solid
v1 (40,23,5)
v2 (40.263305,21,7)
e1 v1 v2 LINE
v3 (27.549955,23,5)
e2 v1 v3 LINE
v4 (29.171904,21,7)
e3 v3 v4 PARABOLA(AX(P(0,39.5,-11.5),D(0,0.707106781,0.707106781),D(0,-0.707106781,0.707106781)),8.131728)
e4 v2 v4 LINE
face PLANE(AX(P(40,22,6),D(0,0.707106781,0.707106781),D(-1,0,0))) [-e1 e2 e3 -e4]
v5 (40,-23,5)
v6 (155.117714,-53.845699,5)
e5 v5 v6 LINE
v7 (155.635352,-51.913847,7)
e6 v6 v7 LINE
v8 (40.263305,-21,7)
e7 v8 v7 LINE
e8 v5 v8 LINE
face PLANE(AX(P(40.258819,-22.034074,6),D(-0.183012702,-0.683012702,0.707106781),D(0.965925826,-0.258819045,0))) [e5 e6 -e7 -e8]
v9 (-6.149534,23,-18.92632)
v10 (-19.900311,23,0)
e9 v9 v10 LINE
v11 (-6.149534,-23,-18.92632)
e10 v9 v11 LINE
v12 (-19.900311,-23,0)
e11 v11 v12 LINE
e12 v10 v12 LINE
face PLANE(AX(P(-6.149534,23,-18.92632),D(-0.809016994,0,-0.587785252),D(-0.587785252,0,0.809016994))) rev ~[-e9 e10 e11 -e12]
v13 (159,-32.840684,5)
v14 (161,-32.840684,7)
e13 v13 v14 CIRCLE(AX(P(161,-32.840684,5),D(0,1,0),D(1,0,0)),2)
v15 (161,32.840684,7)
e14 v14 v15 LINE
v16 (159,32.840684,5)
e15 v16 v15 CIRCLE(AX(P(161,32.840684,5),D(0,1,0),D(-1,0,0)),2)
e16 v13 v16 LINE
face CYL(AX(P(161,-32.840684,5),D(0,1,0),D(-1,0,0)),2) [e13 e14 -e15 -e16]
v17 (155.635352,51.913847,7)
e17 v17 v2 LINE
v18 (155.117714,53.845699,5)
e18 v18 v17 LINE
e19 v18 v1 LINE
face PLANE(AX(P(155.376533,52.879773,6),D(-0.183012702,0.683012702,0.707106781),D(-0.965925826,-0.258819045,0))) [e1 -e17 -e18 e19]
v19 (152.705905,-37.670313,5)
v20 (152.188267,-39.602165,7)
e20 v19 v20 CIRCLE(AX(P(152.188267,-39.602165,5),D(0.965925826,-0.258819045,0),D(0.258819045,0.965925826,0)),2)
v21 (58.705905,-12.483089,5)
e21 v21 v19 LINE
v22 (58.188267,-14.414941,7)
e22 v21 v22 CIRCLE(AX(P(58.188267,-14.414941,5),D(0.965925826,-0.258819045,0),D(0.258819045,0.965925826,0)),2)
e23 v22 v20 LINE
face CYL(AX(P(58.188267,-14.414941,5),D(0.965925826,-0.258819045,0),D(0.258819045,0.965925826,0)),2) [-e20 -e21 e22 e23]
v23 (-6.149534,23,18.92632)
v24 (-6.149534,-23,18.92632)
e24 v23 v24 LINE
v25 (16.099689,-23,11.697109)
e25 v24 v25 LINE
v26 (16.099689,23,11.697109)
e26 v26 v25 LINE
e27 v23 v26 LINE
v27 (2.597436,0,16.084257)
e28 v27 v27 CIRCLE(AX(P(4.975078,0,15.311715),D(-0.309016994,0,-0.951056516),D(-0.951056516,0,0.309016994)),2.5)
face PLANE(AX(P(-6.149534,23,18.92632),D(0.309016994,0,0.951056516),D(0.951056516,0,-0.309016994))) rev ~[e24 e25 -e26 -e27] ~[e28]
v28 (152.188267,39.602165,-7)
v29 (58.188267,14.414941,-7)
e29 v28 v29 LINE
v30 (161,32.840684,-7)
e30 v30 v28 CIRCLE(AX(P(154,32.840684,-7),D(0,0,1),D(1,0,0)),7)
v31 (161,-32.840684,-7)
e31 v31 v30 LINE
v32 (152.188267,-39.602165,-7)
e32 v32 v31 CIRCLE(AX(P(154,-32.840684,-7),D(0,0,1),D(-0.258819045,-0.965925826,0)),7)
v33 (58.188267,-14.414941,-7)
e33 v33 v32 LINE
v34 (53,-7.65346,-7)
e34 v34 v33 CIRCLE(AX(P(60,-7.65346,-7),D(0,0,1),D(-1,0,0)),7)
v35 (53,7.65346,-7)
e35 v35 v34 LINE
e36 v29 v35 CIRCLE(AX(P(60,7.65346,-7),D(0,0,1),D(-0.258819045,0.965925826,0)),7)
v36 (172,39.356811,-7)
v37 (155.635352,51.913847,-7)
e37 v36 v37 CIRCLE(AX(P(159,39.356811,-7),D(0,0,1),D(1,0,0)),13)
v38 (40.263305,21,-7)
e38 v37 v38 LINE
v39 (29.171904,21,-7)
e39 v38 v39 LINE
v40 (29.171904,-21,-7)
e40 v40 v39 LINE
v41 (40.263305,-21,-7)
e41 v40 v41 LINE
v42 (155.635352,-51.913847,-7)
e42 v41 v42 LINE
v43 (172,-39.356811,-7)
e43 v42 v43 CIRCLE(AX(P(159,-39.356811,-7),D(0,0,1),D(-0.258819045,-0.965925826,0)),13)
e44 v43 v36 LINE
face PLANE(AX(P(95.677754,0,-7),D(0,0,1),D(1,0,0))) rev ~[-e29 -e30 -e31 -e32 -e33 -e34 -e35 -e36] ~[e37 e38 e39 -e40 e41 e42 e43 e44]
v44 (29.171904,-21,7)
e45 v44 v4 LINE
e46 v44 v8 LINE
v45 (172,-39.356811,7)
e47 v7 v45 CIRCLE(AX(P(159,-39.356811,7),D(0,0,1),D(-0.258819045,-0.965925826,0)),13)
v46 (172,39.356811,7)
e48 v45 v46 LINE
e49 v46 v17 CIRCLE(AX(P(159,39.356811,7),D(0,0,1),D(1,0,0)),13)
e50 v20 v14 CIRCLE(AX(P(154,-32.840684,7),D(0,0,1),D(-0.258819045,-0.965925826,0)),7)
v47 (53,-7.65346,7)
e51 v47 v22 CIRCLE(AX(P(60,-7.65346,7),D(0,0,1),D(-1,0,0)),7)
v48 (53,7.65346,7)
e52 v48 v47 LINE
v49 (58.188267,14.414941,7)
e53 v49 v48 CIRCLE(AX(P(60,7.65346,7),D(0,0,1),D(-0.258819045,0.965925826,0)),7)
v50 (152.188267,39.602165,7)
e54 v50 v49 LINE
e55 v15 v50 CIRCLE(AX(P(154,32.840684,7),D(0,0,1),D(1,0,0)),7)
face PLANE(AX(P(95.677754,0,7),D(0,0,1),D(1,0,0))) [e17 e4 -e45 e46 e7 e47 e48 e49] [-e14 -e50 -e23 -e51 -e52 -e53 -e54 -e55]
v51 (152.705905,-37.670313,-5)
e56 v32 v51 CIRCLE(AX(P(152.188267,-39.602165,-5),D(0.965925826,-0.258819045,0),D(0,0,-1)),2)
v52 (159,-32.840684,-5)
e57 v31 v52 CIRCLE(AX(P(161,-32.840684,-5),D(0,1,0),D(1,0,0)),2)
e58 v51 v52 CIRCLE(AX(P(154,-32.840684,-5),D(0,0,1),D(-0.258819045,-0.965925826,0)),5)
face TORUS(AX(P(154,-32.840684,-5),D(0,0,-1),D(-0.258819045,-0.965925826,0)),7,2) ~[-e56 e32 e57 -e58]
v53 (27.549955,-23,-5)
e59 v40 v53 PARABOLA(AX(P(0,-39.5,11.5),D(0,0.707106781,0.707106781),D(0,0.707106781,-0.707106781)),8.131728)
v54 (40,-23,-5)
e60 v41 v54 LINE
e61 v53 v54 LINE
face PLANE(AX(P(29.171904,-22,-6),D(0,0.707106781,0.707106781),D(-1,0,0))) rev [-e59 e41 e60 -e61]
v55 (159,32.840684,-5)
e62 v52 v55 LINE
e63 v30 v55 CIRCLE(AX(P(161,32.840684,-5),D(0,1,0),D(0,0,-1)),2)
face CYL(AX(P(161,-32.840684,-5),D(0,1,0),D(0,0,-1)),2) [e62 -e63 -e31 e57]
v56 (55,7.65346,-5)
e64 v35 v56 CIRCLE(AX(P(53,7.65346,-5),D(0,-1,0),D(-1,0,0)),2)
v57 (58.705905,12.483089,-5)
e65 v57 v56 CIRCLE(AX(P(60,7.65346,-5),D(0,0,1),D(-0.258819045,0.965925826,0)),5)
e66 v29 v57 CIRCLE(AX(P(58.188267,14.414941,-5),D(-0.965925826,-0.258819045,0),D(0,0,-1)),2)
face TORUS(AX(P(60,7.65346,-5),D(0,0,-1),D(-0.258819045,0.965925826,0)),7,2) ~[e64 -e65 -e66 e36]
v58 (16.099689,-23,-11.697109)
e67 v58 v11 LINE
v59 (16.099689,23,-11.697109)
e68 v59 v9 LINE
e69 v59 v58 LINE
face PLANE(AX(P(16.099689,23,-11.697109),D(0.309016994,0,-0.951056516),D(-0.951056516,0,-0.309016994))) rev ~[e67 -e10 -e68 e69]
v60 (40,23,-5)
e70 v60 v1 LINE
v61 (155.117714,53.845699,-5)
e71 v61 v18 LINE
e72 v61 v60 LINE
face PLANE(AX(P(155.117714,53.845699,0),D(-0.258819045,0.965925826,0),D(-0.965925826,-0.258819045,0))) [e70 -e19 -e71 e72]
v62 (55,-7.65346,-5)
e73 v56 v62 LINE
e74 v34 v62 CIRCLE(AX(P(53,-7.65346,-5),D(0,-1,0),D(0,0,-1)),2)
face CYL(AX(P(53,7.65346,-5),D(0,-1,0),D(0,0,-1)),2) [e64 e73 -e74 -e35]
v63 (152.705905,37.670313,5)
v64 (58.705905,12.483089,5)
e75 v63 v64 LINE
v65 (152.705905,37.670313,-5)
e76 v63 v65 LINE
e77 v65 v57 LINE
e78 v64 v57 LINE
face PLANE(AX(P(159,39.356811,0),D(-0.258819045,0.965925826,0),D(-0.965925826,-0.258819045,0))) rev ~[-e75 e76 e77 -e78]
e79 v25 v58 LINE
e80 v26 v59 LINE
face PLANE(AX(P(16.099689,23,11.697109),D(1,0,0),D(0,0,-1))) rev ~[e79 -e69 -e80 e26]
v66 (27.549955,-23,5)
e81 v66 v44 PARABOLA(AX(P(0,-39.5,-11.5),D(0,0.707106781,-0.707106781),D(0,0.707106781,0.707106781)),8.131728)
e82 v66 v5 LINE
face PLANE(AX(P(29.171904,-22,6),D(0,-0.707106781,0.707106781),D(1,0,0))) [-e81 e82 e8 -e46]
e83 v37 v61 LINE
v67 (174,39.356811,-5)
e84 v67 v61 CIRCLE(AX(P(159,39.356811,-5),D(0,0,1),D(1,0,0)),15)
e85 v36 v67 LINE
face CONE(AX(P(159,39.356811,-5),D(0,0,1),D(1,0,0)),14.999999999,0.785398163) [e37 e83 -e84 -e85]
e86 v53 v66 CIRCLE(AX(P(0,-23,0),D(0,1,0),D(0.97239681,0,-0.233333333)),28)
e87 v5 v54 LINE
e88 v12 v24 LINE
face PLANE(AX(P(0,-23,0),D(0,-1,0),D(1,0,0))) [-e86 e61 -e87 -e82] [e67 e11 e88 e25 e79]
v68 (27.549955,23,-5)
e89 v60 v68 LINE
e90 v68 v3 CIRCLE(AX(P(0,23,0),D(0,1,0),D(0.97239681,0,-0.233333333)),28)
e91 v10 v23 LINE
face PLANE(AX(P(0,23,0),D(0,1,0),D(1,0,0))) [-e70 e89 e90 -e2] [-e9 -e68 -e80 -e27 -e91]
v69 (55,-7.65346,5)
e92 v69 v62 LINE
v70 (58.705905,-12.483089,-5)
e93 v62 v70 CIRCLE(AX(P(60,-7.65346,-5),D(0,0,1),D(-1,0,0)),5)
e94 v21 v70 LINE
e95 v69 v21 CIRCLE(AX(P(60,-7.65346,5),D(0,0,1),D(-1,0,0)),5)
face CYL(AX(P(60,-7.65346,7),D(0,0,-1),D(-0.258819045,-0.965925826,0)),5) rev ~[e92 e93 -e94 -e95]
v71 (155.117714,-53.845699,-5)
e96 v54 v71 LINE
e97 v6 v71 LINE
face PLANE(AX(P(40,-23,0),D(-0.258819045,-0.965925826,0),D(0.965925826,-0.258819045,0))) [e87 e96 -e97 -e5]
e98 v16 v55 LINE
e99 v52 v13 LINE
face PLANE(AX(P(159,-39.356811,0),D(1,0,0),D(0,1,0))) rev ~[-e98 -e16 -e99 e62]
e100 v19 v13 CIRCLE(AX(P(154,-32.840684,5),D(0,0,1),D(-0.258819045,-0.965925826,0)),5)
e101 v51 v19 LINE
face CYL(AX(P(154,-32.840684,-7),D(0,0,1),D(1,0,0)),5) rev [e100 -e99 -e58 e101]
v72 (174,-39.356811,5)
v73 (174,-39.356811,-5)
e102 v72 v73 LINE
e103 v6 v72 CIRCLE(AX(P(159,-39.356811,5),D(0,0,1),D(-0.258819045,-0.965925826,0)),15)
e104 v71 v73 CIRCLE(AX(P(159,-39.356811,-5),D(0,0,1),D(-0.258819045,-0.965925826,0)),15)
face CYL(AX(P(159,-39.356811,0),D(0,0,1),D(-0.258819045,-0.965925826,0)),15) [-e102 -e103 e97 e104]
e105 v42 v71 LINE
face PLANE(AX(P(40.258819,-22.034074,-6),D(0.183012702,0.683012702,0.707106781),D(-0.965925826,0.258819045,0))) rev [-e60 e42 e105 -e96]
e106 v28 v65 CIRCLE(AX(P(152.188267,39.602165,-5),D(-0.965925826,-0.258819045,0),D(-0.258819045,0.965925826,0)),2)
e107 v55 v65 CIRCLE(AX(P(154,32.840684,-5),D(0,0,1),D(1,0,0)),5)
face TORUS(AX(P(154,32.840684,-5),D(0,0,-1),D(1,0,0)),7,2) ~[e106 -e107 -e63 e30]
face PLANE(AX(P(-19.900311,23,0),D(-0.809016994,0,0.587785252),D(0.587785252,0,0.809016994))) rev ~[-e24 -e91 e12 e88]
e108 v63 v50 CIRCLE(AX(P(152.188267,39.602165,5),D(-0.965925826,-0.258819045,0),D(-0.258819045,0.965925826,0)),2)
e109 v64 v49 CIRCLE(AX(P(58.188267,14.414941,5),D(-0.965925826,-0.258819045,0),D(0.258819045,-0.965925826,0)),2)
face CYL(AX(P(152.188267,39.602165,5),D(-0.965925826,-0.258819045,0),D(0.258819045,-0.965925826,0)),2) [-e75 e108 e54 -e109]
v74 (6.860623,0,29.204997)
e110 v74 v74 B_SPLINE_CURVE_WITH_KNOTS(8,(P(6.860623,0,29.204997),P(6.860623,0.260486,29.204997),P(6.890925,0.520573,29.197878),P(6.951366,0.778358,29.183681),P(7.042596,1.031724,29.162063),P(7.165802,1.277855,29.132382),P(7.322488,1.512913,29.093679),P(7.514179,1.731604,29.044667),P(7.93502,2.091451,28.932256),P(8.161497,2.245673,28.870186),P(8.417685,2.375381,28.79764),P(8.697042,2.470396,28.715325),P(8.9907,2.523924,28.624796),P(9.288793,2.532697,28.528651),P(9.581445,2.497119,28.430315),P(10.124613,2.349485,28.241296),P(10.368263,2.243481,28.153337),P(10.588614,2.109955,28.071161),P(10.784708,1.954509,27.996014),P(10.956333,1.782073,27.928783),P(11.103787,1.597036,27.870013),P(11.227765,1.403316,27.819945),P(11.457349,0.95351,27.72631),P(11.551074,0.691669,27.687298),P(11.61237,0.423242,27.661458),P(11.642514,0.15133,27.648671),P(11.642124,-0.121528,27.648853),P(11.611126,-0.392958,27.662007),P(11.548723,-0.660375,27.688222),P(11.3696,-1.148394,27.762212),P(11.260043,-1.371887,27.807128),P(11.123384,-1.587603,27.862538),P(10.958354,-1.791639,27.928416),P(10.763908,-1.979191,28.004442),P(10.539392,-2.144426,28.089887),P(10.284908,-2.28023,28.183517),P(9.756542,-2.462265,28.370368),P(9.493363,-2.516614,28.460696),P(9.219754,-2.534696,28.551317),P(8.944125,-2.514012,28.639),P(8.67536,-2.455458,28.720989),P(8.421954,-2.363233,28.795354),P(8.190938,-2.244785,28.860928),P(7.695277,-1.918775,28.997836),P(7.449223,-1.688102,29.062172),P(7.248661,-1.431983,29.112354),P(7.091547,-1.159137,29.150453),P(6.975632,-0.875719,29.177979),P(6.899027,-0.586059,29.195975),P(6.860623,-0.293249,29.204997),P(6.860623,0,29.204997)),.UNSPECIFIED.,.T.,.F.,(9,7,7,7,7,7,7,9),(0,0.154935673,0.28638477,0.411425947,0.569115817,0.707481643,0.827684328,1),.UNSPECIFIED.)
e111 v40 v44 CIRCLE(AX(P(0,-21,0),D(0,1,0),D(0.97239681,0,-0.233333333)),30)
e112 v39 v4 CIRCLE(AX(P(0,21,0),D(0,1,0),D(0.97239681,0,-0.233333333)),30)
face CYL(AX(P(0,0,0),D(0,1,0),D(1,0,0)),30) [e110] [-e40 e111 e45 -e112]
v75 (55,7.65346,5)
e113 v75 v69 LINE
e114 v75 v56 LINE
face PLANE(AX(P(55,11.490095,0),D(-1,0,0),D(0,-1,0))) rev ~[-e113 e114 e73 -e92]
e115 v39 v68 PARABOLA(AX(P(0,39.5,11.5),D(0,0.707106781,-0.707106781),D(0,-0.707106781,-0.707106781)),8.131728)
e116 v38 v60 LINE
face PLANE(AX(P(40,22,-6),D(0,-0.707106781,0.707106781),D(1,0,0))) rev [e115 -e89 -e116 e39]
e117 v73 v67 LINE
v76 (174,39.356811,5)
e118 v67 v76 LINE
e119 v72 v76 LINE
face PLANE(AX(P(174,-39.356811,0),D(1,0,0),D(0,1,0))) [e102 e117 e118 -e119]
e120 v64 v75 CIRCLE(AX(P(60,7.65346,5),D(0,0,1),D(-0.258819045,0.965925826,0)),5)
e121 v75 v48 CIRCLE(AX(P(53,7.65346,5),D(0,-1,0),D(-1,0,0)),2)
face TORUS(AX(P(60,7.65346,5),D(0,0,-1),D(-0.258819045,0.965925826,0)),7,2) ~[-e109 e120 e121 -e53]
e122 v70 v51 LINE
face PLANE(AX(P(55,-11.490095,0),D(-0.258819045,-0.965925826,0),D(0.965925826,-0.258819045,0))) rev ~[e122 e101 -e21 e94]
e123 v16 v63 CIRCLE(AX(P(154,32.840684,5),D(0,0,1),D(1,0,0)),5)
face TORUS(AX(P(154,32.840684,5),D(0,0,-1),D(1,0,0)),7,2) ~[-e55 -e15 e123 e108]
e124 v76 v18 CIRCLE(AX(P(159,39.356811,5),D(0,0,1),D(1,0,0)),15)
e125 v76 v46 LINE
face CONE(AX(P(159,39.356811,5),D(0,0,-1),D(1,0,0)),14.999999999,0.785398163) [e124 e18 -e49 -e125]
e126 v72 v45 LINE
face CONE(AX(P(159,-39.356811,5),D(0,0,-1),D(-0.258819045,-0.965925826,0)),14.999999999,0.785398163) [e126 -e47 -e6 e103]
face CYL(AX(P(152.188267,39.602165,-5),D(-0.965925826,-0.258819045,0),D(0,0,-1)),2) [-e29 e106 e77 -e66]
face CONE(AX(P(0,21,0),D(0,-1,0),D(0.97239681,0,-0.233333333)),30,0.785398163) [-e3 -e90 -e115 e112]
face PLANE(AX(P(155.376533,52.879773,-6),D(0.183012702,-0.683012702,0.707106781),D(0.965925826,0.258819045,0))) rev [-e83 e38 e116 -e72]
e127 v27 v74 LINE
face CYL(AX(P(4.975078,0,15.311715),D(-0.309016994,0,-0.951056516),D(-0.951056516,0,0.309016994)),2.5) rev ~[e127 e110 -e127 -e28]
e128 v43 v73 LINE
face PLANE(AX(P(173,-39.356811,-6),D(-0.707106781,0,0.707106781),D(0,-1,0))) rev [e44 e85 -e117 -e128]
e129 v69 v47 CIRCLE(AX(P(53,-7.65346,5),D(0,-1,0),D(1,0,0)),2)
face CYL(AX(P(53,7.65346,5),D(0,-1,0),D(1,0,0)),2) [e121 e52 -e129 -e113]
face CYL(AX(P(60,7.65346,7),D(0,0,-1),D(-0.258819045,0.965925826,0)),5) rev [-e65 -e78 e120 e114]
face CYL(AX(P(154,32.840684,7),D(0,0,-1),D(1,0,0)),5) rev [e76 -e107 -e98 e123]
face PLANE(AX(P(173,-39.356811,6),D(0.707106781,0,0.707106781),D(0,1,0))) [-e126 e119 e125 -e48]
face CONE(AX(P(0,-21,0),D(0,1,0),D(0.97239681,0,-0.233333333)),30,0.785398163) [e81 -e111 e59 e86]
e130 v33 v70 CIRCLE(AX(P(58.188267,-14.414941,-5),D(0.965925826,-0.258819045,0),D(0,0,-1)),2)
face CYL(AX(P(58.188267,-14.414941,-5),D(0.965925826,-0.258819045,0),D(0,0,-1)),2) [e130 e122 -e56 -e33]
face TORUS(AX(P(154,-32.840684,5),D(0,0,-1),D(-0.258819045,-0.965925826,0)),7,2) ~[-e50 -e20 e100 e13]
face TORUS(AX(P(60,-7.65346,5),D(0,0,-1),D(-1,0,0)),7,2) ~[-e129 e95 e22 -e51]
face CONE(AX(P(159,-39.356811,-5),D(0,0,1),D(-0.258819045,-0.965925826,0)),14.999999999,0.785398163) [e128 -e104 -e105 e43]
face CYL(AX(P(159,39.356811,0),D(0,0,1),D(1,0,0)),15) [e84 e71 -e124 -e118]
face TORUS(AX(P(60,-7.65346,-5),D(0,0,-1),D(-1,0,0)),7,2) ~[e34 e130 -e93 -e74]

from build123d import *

# Parameters (mm, degrees)
BOSS_EXTRUDE2_DEPTH     = 7
SKETCH2_R               = 30
BOSS_EXTRUDE4_DEPTH     = 23
CUT_EXTRUDE1_DEPTH      = 46
CUT_EXTRUDE2_REACH      = 185.241
CUT_EXTRUDE2_END_RADIUS = 30
SKETCH4_R               = 2.5
FILLET1_R               = 5
CHAMFER1_SIZE           = 2
FILLET2_R               = 2


with BuildPart() as part:
    # Sketch1 → Boss-Extrude2 (new, symmetric)
    with BuildSketch(Plane.XY):
        with BuildLine():
            Line((174, -39.356811193), (174, 39.356811193))
            ThreePointArc((174, 39.356811193), (168.131421435, 51.257111298), (155.117714323, 53.845698587))
            Line((155.117714323, 53.845698587), (40, 23))
            Line((40, 23), (30, 23))
            Line((30, 23), (0, 23))
            Line((0, 23), (0, -23))
            Line((0, -23), (30, -23))
            Line((30, -23), (40, -23))
            Line((40, -23), (155.117714323, -53.845698587))
            ThreePointArc((155.117714323, -53.845698587), (168.131421435, -51.257111298), (174, -39.356811193))
        make_face()
        Polygon((159, -39.356811193), (159, 39.356811193), (55, 11.49009518), (55, -11.49009518), align=None, mode=Mode.SUBTRACT)
    extrude(amount=BOSS_EXTRUDE2_DEPTH, both=True)

    # Sketch2 → Boss-Extrude4 (add, symmetric)
    with BuildSketch(Plane(origin=(0, 0, 0), x_dir=(1, 0, 0), z_dir=(0, 1, 0))):
        Circle(SKETCH2_R)
    extrude(amount=BOSS_EXTRUDE4_DEPTH, both=True)

    # Sketch3 → Cut-Extrude1 (cut)
    with BuildSketch(Plane(origin=(0, 23, 0), x_dir=(1, 0, 0), z_dir=(0, 1, 0))):
        Polygon((16.099689438, 11.697109064), (-6.149534157, 18.926320036), (-19.900310562, 0), (-6.149534157, -18.926320036), (16.099689438, -11.697109064), align=None)
    extrude(amount=-CUT_EXTRUDE1_DEPTH, mode=Mode.SUBTRACT)

    # Cut-Extrude2: up to this cylinder (the profile starts inside it)
    cut_extrude2_end = Plane(origin=(0, 0, 0), z_dir=(0, -1, 0)) * Cylinder(CUT_EXTRUDE2_END_RADIUS, 431.482, mode=Mode.PRIVATE)
    # Sketch4 → Cut-Extrude2 (cut, up to the surface)
    with BuildSketch(Plane(origin=(4.975077641, 0, 15.31171455), x_dir=(-0.9510565162951536, 0, 0.30901699437494745), z_dir=(-0.3090169943749474, 0, -0.9510565162951535)), mode=Mode.PRIVATE) as cut_extrude2_sk1:
        Circle(SKETCH4_R)
    cut_extrude2_tool1 = extrude(cut_extrude2_sk1.sketch, amount=-CUT_EXTRUDE2_REACH, mode=Mode.PRIVATE) & cut_extrude2_end
    add(cut_extrude2_tool1.solids().sort_by_distance((4.975078, 0, 15.311715))[0], mode=Mode.SUBTRACT)

    # Fillet1
    fillet1_edges = [part.edges().sort_by_distance(p)[0] for p in [
        (55, -11.49009518, 0),
        (159, -39.356811193, 0),
        (159, 39.356811193, 0),
        (55, 11.49009518, 0),
    ]]
    fillet(fillet1_edges, radius=FILLET1_R)

    # Chamfer1
    chamfer1_edges = [part.edges().sort_by_distance(p)[0] for p in [
        (34.585952146, 23, 7),
        (97.558857162, -38.422849294, -7),
        (34.585952146, 23, -7),
        (97.558857162, 38.422849294, -7),
        (168.131421435, 51.257111298, -7),
        (97.558857162, -38.422849294, 7),
        (168.131421435, -51.257111298, 7),
        (174, 0, 7),
        (168.131421435, 51.257111298, 7),
        (34.585952146, -23, -7),
        (34.585952146, -23, 7),
        (-30, -23, 0),
        (-30, 23, 0),
        (97.558857162, 38.422849294, 7),
        (174, 0, -7),
        (168.131421435, -51.257111298, -7),
    ]]
    chamfer(chamfer1_edges, length=CHAMFER1_SIZE)

    # Fillet2
    fillet2_edges = [part.edges().sort_by_distance(p)[0] for p in [
        (105.705904774, -25.076701416, -7),
        (105.705904774, -25.076701416, 7),
        (159, 0, -7),
        (159, 0, 7),
        (105.705904774, 25.076701416, -7),
        (105.705904774, 25.076701416, 7),
        (55, 0, -7),
        (55, 0, 7),
        (157.043807145, -36.80745103, -7),
        (157.043807145, -36.80745103, 7),
        (157.043807145, 36.80745103, -7),
        (157.043807145, 36.80745103, 7),
        (56.033233299, -10.697267385, -7),
        (56.033233299, -10.697267385, 7),
        (56.033233299, 10.697267385, -7),
        (56.033233299, 10.697267385, 7),
    ]]
    fillet(fillet2_edges, radius=FILLET2_R)


solid = part.part
